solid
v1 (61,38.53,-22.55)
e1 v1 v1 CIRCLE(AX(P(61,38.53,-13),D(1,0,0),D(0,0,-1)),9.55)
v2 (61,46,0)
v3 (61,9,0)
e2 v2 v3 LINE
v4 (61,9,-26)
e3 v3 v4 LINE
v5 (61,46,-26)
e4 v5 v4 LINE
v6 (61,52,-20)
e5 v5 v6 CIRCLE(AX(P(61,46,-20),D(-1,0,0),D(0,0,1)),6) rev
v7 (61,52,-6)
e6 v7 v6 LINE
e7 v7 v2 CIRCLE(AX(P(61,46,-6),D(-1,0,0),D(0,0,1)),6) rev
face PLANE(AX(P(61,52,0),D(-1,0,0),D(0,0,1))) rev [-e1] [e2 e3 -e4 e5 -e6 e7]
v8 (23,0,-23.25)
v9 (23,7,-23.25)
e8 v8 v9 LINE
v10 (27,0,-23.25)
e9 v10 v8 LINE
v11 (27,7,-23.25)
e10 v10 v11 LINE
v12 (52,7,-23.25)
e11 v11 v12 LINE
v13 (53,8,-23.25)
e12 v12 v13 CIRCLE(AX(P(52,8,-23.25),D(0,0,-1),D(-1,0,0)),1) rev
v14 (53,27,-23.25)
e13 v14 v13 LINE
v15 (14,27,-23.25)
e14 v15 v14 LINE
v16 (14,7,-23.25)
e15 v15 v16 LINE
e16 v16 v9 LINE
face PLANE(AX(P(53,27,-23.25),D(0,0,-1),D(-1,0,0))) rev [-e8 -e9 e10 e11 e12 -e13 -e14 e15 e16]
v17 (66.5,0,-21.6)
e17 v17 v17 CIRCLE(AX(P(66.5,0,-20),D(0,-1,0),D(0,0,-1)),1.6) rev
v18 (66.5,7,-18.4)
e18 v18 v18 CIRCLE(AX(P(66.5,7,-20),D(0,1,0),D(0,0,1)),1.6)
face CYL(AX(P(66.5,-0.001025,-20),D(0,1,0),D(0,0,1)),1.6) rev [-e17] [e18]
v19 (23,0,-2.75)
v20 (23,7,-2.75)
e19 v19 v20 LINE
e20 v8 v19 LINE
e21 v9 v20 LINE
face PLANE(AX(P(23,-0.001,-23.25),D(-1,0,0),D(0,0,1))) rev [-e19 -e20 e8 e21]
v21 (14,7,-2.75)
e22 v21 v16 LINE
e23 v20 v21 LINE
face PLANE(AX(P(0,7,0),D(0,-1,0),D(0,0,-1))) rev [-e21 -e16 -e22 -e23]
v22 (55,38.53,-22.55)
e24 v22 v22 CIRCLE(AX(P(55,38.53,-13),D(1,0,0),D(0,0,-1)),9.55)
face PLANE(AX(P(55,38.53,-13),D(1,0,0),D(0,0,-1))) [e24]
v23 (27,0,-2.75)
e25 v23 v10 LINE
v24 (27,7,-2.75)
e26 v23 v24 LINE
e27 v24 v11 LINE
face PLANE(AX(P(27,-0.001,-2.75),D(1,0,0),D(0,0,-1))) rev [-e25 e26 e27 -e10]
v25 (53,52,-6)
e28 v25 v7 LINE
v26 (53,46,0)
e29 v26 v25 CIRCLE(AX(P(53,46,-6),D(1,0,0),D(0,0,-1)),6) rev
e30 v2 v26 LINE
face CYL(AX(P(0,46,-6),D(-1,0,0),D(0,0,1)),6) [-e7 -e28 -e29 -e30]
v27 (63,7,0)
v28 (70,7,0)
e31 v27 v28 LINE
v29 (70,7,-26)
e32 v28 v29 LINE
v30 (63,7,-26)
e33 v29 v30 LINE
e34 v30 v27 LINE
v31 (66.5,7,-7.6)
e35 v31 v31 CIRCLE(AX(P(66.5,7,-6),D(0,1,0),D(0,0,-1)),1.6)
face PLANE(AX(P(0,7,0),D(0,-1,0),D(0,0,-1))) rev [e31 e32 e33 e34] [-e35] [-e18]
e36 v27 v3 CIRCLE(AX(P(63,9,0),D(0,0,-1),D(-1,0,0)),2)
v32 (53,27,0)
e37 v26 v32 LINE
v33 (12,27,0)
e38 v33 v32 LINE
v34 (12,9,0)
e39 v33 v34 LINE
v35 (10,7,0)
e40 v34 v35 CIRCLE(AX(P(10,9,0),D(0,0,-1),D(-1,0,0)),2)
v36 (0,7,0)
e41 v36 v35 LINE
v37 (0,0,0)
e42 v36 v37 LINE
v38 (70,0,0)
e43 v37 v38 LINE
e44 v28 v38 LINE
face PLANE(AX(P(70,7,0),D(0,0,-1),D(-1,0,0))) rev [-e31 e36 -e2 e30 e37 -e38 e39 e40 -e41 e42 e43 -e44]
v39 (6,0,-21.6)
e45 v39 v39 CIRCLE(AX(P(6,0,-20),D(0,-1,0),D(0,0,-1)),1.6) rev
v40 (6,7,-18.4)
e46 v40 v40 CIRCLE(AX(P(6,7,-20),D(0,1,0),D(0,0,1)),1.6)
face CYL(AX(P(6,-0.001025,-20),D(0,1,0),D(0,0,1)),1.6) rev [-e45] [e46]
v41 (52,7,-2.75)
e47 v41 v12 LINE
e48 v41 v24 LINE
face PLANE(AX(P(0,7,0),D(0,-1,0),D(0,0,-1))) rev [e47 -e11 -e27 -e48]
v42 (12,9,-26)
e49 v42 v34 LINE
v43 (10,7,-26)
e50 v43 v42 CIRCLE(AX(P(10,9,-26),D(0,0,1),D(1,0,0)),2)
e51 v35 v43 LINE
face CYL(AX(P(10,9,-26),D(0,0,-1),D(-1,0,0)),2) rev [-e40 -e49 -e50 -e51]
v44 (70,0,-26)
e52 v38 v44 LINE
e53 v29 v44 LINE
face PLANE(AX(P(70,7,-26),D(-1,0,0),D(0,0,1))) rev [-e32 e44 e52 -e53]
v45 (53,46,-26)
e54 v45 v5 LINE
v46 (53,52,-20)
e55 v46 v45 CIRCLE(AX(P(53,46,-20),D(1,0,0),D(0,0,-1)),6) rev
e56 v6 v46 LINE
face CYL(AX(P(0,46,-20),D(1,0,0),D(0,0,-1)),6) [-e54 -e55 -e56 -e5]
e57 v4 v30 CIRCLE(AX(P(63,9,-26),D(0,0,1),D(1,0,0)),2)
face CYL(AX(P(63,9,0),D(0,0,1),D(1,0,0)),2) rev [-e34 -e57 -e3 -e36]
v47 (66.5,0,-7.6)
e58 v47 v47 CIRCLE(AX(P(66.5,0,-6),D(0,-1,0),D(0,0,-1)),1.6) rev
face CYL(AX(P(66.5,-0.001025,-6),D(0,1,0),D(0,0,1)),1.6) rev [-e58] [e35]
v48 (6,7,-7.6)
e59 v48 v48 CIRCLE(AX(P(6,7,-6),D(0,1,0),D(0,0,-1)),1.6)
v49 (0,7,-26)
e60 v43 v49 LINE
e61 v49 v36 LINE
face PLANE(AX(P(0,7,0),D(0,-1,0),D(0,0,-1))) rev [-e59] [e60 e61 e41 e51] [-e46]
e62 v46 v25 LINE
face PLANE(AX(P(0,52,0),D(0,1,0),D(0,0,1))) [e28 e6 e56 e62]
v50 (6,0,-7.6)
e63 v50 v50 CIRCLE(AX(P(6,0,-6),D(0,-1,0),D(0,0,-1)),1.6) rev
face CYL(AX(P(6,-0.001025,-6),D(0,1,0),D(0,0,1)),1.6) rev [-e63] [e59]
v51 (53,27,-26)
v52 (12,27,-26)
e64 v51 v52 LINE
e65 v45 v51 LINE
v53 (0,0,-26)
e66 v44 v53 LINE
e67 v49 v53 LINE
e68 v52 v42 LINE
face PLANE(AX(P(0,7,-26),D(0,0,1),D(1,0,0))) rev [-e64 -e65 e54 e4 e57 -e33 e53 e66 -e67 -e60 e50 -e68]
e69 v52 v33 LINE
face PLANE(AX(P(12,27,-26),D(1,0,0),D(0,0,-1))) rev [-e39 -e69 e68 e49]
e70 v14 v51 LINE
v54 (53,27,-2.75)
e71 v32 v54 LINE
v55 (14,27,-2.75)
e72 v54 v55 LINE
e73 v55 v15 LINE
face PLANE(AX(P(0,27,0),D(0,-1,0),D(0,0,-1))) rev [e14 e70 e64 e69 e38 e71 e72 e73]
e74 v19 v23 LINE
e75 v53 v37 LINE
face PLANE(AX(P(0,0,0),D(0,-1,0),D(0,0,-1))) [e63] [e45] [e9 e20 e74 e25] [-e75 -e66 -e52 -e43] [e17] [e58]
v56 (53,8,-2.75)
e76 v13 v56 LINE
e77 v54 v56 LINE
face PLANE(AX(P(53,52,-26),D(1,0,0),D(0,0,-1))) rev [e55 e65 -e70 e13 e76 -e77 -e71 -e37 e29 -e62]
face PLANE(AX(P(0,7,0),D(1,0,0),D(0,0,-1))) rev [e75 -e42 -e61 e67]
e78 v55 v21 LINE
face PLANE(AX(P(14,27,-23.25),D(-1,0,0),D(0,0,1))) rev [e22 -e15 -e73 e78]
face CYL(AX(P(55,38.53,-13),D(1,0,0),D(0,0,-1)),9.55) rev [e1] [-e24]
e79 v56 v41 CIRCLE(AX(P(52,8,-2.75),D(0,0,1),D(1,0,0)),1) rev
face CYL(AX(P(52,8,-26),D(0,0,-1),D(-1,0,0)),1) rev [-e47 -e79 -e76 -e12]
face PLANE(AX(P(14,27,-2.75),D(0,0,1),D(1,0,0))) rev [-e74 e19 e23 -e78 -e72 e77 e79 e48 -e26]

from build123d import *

# Parameters (mm, degrees)
ESQUISSE1_W             = 70
ESQUISSE1_H             = 26
BOSS_EXTRU_1_DEPTH      = 7
ESQUISSE2_W             = 8
ESQUISSE2_H             = 26
BOSS_EXTRU_2_DEPTH      = 45
BOSS_EXTRU_3_DEPTH      = 20
ENL_V_MAT_EXTRU_1_REACH = 89.184
ESQUISSE4_W             = 4
ESQUISSE4_H             = 20.5
CONG_1_R                = 1
CONG_2_R                = 2
ENL_V_MAT_EXTRU_2_REACH = 89.184
ESQUISSE5_R             = 1.6
CONG_3_R                = 6
ESQUISSE6_R             = 9.55
ENL_V_MAT_EXTRU_3_DEPTH = 6


with BuildPart() as part:
    # Esquisse1 → Boss.-Extru.1 (new body)
    with BuildSketch(Plane(origin=(0, 0, 0), x_dir=(1, 0, 0), z_dir=(0, 1, 0))):
        with Locations((35, 13)):
            Rectangle(ESQUISSE1_W, ESQUISSE1_H)
    extrude(amount=BOSS_EXTRU_1_DEPTH)

    # Esquisse2 → Boss.-Extru.2 (add)
    with BuildSketch(Plane(origin=(0, 7, 0), x_dir=(1, 0, 0), z_dir=(0, 1, 0))):
        with Locations((57, 13)):
            Rectangle(ESQUISSE2_W, ESQUISSE2_H)
    extrude(amount=BOSS_EXTRU_2_DEPTH)

    # Esquisse3 → Boss.-Extru.3 (add)
    with BuildSketch(Plane(origin=(0, 7, 0), x_dir=(1, 0, 0), z_dir=(0, 1, 0))):
        Polygon((53, 26), (12, 26), (12, 0), (53, 0), (53, 2.75), (14, 2.75), (14, 23.25), (53, 23.25), align=None)
    extrude(amount=BOSS_EXTRU_3_DEPTH)

    # Esquisse4 → Enlèv. mat.-Extru.1 (cut, up to next)
    with BuildSketch(Plane(origin=(0, 7, 0), x_dir=(1, 0, 0), z_dir=(0, 1, 0)), mode=Mode.PRIVATE) as enl_v_mat_extru_1_sk1:
        with Locations((25, 13)):
            Rectangle(ESQUISSE4_W, ESQUISSE4_H)
    enl_v_mat_extru_1_tool1 = extrude(enl_v_mat_extru_1_sk1.sketch, amount=-ENL_V_MAT_EXTRU_1_REACH, mode=Mode.PRIVATE) & part.part
    add(enl_v_mat_extru_1_tool1.solids().sort_by_distance((25, 7, -13))[0], mode=Mode.SUBTRACT)

    # Congé1
    cong_1_edges = [part.edges().sort_by_distance(p)[0] for p in [
        (53, 7, -13),
    ]]
    fillet(cong_1_edges, radius=CONG_1_R)

    # Congé2
    cong_2_edges = [part.edges().sort_by_distance(p)[0] for p in [
        (61, 7, -13),
        (12, 7, -13),
    ]]
    fillet(cong_2_edges, radius=CONG_2_R)

    # Esquisse5 → Enlèv. mat.-Extru.2 (cut, up to next)
    with BuildSketch(Plane(origin=(0, 7, 0), x_dir=(1, 0, 0), z_dir=(0, 1, 0)), mode=Mode.PRIVATE) as enl_v_mat_extru_2_sk1:
        with Locations(Location((6, 20, 0), (0, 0, 270))):
            Circle(ESQUISSE5_R)
    enl_v_mat_extru_2_tool1 = extrude(enl_v_mat_extru_2_sk1.sketch, amount=-ENL_V_MAT_EXTRU_2_REACH, mode=Mode.PRIVATE) & part.part
    # Esquisse5 → Enlèv. mat.-Extru.2 (cut, up to next)
    with BuildSketch(Plane(origin=(0, 7, 0), x_dir=(1, 0, 0), z_dir=(0, 1, 0)), mode=Mode.PRIVATE) as enl_v_mat_extru_2_sk2:
        with Locations(Location((66.5, 20, 0), (0, 0, 270))):
            Circle(ESQUISSE5_R)
    enl_v_mat_extru_2_tool2 = extrude(enl_v_mat_extru_2_sk2.sketch, amount=-ENL_V_MAT_EXTRU_2_REACH, mode=Mode.PRIVATE) & part.part
    # Esquisse5 → Enlèv. mat.-Extru.2 (cut, up to next)
    with BuildSketch(Plane(origin=(0, 7, 0), x_dir=(1, 0, 0), z_dir=(0, 1, 0)), mode=Mode.PRIVATE) as enl_v_mat_extru_2_sk3:
        with Locations(Location((66.5, 6, 0), (0, 0, 90))):
            Circle(ESQUISSE5_R)
    enl_v_mat_extru_2_tool3 = extrude(enl_v_mat_extru_2_sk3.sketch, amount=-ENL_V_MAT_EXTRU_2_REACH, mode=Mode.PRIVATE) & part.part
    # Esquisse5 → Enlèv. mat.-Extru.2 (cut, up to next)
    with BuildSketch(Plane(origin=(0, 7, 0), x_dir=(1, 0, 0), z_dir=(0, 1, 0)), mode=Mode.PRIVATE) as enl_v_mat_extru_2_sk4:
        with Locations(Location((6, 6, 0), (0, 0, 90))):
            Circle(ESQUISSE5_R)
    enl_v_mat_extru_2_tool4 = extrude(enl_v_mat_extru_2_sk4.sketch, amount=-ENL_V_MAT_EXTRU_2_REACH, mode=Mode.PRIVATE) & part.part
    add(enl_v_mat_extru_2_tool1.solids().sort_by_distance((6, 7, -20))[0], mode=Mode.SUBTRACT)
    add(enl_v_mat_extru_2_tool2.solids().sort_by_distance((66.5, 7, -20))[0], mode=Mode.SUBTRACT)
    add(enl_v_mat_extru_2_tool3.solids().sort_by_distance((66.5, 7, -6))[0], mode=Mode.SUBTRACT)
    add(enl_v_mat_extru_2_tool4.solids().sort_by_distance((6, 7, -6))[0], mode=Mode.SUBTRACT)

    # Congé3
    cong_3_edges = [part.edges().sort_by_distance(p)[0] for p in [
        (57, 52, -26),
        (57, 52, 0),
    ]]
    fillet(cong_3_edges, radius=CONG_3_R)

    # Esquisse6 → Enlèv. mat.-Extru.3 (cut)
    with BuildSketch(Plane(origin=(61, 0, 0), x_dir=(0, 0, -1), z_dir=(1, 0, 0))):
        with Locations((13, 38.53)):
            Circle(ESQUISSE6_R)
    extrude(amount=-ENL_V_MAT_EXTRU_3_DEPTH, mode=Mode.SUBTRACT)


solid = part.part
